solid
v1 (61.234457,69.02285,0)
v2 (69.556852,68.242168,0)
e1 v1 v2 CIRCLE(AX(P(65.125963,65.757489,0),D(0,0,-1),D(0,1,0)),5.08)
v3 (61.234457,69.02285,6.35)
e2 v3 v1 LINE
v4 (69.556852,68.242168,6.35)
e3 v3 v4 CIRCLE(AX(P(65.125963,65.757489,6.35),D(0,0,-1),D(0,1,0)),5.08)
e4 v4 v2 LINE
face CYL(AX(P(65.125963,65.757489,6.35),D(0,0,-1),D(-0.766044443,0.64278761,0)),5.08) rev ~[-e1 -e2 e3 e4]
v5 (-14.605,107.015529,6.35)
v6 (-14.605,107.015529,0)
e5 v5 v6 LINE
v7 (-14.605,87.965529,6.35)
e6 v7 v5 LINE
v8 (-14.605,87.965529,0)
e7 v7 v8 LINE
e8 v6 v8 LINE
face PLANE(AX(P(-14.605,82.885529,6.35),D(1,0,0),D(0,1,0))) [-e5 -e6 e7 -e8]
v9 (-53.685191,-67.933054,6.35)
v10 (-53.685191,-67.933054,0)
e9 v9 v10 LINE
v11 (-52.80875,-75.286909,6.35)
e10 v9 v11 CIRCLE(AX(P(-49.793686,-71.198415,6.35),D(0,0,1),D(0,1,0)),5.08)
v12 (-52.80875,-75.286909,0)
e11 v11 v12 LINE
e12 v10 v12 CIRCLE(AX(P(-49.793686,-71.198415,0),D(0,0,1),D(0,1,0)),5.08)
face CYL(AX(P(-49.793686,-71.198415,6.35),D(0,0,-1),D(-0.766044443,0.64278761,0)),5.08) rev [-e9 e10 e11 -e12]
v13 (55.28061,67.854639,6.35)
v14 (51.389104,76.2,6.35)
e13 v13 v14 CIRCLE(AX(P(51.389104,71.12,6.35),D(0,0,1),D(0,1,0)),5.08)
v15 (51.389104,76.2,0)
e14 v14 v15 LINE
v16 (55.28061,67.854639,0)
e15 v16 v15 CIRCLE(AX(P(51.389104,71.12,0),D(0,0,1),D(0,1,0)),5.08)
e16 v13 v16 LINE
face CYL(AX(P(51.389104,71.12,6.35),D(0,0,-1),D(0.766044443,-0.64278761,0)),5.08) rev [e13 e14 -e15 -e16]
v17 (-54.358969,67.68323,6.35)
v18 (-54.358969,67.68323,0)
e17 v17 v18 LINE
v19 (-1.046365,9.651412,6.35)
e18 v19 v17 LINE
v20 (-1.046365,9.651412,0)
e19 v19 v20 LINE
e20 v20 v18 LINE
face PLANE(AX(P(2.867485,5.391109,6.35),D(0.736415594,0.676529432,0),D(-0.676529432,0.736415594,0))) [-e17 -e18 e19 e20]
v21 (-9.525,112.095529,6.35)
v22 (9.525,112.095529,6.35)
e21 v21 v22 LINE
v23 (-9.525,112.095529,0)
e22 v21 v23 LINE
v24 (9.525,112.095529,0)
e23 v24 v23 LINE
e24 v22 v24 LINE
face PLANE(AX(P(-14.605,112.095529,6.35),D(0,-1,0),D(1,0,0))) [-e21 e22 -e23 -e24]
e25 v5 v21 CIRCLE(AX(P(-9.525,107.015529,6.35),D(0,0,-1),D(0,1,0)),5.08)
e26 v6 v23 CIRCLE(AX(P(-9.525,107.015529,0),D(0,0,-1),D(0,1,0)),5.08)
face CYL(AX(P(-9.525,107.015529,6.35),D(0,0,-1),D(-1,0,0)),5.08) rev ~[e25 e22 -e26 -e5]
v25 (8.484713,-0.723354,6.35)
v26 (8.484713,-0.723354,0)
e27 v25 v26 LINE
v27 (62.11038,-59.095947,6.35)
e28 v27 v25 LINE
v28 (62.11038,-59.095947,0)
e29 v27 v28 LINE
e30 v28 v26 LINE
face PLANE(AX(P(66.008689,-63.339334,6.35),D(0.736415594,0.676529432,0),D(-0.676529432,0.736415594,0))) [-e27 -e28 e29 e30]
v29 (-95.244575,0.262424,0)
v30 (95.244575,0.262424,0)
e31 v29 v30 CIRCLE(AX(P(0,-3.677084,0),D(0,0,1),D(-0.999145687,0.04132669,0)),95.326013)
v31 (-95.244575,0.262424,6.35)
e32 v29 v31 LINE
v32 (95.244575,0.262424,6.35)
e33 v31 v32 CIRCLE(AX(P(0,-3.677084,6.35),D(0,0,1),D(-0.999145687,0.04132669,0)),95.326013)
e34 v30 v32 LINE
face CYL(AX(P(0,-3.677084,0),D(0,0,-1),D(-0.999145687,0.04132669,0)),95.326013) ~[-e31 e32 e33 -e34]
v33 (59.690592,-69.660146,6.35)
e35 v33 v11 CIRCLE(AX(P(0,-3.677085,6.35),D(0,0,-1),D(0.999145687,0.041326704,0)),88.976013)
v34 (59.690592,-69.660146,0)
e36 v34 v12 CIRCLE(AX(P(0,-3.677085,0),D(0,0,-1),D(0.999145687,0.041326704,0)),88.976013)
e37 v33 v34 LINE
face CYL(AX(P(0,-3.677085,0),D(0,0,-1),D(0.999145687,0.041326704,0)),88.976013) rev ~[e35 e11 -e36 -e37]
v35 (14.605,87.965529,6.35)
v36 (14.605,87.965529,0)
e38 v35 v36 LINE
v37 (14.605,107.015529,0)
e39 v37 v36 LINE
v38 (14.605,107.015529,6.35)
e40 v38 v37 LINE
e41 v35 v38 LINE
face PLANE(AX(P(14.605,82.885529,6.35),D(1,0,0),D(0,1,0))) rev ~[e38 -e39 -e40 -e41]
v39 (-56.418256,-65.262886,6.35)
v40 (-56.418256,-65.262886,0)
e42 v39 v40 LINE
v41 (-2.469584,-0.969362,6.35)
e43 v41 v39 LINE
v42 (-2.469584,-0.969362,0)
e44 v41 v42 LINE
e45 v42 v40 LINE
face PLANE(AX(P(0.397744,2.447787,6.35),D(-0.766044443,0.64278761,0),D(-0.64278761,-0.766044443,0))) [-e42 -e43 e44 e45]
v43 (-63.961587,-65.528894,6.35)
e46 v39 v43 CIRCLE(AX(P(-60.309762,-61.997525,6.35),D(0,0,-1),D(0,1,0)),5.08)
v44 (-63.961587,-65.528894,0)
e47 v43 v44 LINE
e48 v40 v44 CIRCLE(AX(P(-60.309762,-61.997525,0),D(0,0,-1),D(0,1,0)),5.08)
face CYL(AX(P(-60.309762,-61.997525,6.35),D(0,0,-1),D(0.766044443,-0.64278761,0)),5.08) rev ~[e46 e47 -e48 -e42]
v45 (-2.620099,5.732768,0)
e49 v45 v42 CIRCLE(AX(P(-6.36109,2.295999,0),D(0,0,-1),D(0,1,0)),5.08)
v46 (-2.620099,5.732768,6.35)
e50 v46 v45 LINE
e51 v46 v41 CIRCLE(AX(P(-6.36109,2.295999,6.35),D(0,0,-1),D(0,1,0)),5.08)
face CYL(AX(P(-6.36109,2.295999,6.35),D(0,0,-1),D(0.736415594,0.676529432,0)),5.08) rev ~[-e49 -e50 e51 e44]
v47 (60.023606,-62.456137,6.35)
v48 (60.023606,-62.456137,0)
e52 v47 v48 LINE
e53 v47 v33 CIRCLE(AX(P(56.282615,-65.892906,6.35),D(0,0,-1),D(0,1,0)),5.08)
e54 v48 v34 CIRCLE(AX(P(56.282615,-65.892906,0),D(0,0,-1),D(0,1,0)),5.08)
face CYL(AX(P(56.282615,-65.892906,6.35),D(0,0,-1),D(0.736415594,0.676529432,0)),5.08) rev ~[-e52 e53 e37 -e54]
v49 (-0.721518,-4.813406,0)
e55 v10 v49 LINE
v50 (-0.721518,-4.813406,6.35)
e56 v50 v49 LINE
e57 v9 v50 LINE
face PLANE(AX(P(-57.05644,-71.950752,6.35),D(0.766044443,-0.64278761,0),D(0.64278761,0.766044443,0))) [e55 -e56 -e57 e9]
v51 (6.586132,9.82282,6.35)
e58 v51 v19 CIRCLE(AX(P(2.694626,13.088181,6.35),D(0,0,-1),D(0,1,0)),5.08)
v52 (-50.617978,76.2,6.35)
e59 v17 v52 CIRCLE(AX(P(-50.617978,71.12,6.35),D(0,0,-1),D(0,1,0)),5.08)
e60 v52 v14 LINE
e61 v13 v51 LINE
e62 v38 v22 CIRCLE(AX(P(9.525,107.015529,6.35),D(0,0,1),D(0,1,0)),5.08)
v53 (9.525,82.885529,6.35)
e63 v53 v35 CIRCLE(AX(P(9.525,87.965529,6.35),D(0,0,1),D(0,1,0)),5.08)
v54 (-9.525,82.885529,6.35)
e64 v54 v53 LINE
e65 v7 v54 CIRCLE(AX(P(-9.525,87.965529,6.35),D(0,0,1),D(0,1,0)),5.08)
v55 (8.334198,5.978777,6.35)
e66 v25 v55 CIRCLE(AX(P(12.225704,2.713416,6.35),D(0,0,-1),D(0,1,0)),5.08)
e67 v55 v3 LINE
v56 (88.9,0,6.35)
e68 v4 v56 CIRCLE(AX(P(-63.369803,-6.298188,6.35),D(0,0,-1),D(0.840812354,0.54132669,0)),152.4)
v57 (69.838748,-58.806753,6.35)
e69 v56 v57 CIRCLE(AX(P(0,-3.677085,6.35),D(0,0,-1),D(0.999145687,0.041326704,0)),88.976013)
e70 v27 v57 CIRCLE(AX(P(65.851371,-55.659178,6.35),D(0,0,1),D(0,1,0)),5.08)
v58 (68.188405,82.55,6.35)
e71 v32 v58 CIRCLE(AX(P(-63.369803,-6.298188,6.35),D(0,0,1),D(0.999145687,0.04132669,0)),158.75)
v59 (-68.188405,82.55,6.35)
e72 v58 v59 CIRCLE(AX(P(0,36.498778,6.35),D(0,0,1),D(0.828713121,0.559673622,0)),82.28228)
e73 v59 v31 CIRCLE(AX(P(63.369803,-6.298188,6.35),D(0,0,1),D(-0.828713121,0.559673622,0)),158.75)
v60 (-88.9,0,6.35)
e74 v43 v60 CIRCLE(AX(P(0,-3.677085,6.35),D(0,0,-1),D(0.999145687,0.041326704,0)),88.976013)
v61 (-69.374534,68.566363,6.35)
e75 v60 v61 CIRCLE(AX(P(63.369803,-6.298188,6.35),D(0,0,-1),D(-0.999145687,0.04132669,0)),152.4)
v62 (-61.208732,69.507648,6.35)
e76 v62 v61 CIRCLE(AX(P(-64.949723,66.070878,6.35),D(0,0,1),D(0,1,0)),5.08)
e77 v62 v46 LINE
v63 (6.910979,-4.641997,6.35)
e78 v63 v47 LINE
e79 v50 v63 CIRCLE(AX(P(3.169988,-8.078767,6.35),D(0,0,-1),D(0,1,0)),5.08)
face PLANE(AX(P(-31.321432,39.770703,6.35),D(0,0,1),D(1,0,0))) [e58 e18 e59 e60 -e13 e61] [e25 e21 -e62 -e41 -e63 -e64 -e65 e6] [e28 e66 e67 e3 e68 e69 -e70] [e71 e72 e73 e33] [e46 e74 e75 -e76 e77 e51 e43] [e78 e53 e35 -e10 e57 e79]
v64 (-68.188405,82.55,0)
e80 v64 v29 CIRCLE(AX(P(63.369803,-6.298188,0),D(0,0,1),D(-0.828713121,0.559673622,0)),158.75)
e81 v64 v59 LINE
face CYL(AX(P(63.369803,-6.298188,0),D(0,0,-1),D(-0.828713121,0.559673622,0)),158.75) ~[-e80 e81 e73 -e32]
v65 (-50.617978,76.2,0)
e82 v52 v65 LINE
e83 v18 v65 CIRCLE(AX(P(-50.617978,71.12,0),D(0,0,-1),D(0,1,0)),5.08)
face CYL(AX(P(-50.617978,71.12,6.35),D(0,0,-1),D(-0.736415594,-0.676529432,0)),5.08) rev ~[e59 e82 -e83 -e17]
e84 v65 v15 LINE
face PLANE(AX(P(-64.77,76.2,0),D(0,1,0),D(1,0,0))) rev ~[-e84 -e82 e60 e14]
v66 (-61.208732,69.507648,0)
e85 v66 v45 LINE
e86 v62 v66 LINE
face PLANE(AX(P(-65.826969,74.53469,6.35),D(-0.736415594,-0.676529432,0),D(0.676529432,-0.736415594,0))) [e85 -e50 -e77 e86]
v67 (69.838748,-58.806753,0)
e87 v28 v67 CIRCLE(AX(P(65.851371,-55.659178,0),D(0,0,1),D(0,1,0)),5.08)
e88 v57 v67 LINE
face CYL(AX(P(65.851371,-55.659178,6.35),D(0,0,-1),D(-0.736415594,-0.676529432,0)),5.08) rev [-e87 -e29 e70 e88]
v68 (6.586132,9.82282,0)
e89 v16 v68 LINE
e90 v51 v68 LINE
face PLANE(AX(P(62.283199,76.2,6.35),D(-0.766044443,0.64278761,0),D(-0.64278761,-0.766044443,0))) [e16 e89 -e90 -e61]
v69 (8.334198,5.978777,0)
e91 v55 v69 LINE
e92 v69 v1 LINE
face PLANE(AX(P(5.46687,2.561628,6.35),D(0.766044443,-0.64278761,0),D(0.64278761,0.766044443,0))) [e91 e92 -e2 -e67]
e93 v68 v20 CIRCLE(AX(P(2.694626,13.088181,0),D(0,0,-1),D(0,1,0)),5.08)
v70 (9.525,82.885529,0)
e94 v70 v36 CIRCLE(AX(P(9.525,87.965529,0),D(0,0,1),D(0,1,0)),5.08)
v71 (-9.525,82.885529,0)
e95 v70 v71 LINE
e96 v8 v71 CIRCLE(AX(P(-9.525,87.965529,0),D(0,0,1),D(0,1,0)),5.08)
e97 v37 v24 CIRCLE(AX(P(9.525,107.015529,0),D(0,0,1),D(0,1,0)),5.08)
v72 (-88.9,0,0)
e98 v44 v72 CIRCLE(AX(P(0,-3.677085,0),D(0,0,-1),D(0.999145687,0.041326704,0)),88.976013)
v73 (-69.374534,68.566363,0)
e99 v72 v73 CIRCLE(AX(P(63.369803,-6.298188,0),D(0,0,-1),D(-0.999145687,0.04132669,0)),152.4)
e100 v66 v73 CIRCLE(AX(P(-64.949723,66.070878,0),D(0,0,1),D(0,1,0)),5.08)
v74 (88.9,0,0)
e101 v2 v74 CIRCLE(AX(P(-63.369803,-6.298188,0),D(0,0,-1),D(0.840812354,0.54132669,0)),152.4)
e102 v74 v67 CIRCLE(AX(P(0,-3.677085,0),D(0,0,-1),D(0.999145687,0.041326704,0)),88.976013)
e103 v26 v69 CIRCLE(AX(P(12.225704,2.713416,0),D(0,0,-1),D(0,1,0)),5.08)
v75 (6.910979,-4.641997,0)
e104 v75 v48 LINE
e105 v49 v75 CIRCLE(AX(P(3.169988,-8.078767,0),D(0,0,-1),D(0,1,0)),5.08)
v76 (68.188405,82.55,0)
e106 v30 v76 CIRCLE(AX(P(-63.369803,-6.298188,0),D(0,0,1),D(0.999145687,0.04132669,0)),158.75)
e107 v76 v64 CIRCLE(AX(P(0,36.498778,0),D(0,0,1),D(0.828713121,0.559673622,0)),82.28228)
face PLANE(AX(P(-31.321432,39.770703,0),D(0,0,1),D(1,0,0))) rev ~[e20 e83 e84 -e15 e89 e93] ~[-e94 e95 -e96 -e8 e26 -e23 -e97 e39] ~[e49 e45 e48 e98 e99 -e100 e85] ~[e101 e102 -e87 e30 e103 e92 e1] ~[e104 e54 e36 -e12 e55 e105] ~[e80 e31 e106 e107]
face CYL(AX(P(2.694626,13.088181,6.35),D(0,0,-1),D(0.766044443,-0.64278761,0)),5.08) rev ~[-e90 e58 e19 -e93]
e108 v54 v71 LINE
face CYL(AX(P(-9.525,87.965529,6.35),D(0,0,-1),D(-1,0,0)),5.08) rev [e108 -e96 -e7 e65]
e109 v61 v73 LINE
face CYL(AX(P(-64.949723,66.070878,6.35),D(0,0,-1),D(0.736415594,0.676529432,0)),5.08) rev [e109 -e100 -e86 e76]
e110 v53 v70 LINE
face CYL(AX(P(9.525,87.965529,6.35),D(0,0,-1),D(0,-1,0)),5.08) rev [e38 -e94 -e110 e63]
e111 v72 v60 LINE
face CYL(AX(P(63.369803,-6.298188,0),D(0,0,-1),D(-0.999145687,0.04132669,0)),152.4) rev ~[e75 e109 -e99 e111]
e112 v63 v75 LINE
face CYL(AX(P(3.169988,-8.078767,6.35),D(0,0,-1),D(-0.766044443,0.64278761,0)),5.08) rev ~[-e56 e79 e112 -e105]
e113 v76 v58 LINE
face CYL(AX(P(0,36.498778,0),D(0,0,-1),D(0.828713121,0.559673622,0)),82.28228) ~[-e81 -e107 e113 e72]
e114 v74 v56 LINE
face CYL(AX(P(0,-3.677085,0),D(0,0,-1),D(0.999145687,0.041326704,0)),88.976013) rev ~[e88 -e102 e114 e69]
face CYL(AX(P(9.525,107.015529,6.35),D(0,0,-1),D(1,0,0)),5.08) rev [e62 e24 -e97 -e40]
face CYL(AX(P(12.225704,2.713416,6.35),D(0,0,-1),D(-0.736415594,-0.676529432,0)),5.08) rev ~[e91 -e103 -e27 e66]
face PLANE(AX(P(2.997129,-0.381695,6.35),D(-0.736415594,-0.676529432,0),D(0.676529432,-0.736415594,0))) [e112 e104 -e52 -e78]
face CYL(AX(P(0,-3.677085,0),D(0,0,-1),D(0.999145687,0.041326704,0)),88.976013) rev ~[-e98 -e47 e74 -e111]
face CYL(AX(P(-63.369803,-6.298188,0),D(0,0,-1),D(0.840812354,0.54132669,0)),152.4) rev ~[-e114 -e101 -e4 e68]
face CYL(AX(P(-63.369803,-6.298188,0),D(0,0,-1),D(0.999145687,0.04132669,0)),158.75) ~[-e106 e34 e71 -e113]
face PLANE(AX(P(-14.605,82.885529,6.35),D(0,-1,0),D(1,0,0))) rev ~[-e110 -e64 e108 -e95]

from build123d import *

# Parameters (mm, degrees)
BOSS_EXTRUDE1_DEPTH = 6.35
CUT_EXTRUDE1_REACH  = 8.35
SKETCH2_W           = 29.21
SKETCH2_H           = 29.21
FILLET1_R           = 5.08
BOSS_EXTRUDE2_DEPTH = 6.35
FILLET2_R           = 5.08


with BuildPart() as part:
    # Sketch1 → Boss-Extrude1 (new body)
    with BuildSketch(Plane.XY):
        with BuildLine():
            ThreePointArc((-68.188405154, 82.55), (-87.437503618, 43.287282526), (-95.244575115, 0.262424481))
            ThreePointArc((-95.244575115, 0.262424481), (0, -99.003097439), (95.244575115, 0.262424481))
            ThreePointArc((95.244575115, 0.262424481), (87.437503618, 43.287282526), (68.188405154, 82.55))
            ThreePointArc((68.188405154, 82.55), (0, 118.781058361), (-68.188405154, 82.55))
        make_face()
        with BuildLine():
            Line((-64.77, 76.2), (64.77, 76.2))
            ThreePointArc((64.77, 76.2), (81.91955238, 39.710108254), (88.9, 0))
            ThreePointArc((88.9, 0), (0, -92.653098722), (-88.9, 0))
            ThreePointArc((-88.9, 0), (-81.91955238, 39.710108254), (-64.77, 76.2))
        make_face(mode=Mode.SUBTRACT)
    extrude(amount=BOSS_EXTRUDE1_DEPTH)

    # Sketch2 → Cut-Extrude1 (cut, up to next)
    with BuildSketch(Plane.XY.offset(6.35), mode=Mode.PRIVATE) as cut_extrude1_sk1:
        with Locations((0, 97.49052918)):
            Rectangle(SKETCH2_W, SKETCH2_H)
    cut_extrude1_tool1 = extrude(cut_extrude1_sk1.sketch, amount=-CUT_EXTRUDE1_REACH, mode=Mode.PRIVATE) & part.part
    add(cut_extrude1_tool1.solids().sort_by_distance((0, 97.490529, 6.35))[0], mode=Mode.SUBTRACT)

    # Fillet1
    fillet1_edges = [part.edges().sort_by_distance(p)[0] for p in [
        (14.605, 112.09552918, 3.175),
        (14.605, 82.88552918, 3.175),
        (-14.605, 82.88552918, 3.175),
        (-14.605, 112.09552918, 3.175),
    ]]
    fillet(fillet1_edges, radius=FILLET1_R)

    # Sketch3 → Boss-Extrude2 (add)
    with BuildSketch(Plane.XY.offset(6.35)):
        with BuildLine():
            ThreePointArc((-64.77, 76.2), (-65.301178837, 75.369054935), (-65.826969345, 74.534689907))
            Line((-65.826969345, 74.534689907), (0.397744119, 2.447786681))
            Line((0.397744119, 2.447786681), (2.867484972, 5.391109215))
            Line((2.867484972, 5.391109215), (-62.183145491, 76.2))
            Line((-62.183145491, 76.2), (-64.77, 76.2))
        make_face()
        with BuildLine():
            Line((62.283199114, 76.2), (2.867484972, 5.391109215))
            Line((2.867484972, 5.391109215), (5.466869825, 2.561627672))
            Line((5.466869825, 2.561627672), (65.84083728, 74.512520285))
            ThreePointArc((65.84083728, 74.512520285), (65.308184865, 75.358015528), (64.77, 76.2))
            Line((64.77, 76.2), (62.283199114, 76.2))
        make_face()
        with BuildLine():
            Line((5.466869825, 2.561627672), (2.997128973, -0.381694862))
            Line((2.997128973, -0.381694862), (63.387167907, -66.117440095))
            ThreePointArc((63.387167907, -66.117440095), (64.712838285, -64.7424562), (66.008689372, -63.339333743))
            Line((66.008689372, -63.339333743), (5.466869825, 2.561627672))
        make_face()
        Polygon((2.867484972, 5.391109215), (0.397744119, 2.447786681), (2.997128973, -0.381694862), (5.466869825, 2.561627672), align=None)
        with BuildLine():
            Line((2.997128973, -0.381694862), (0.397744119, 2.447786681))
            Line((0.397744119, 2.447786681), (-59.927506787, -69.445047811))
            ThreePointArc((-59.927506787, -69.445047811), (-58.505389643, -70.713272134), (-57.056440469, -71.950751993))
            Line((-57.056440469, -71.950751993), (2.997128973, -0.381694862))
        make_face()
    extrude(amount=-BOSS_EXTRUDE2_DEPTH)

    # Fillet2
    fillet2_edges = [part.edges().sort_by_distance(p)[0] for p in [
        (0.397744119, 2.447786681, 3.175),
        (-65.826969345, 74.534689907, 3.175),
        (-62.183145491, 76.2, 3.175),
        (2.867484972, 5.391109215, 3.175),
        (62.283199114, 76.2, 3.175),
        (65.84083728, 74.512520285, 3.175),
        (5.466869825, 2.561627672, 3.175),
        (66.008689372, -63.339333743, 3.175),
        (63.387167907, -66.117440095, 3.175),
        (2.997128973, -0.381694862, 3.175),
        (-57.056440469, -71.950751993, 3.175),
        (-59.927506787, -69.445047811, 3.175),
    ]]
    fillet(fillet2_edges, radius=FILLET2_R)


solid = part.part
